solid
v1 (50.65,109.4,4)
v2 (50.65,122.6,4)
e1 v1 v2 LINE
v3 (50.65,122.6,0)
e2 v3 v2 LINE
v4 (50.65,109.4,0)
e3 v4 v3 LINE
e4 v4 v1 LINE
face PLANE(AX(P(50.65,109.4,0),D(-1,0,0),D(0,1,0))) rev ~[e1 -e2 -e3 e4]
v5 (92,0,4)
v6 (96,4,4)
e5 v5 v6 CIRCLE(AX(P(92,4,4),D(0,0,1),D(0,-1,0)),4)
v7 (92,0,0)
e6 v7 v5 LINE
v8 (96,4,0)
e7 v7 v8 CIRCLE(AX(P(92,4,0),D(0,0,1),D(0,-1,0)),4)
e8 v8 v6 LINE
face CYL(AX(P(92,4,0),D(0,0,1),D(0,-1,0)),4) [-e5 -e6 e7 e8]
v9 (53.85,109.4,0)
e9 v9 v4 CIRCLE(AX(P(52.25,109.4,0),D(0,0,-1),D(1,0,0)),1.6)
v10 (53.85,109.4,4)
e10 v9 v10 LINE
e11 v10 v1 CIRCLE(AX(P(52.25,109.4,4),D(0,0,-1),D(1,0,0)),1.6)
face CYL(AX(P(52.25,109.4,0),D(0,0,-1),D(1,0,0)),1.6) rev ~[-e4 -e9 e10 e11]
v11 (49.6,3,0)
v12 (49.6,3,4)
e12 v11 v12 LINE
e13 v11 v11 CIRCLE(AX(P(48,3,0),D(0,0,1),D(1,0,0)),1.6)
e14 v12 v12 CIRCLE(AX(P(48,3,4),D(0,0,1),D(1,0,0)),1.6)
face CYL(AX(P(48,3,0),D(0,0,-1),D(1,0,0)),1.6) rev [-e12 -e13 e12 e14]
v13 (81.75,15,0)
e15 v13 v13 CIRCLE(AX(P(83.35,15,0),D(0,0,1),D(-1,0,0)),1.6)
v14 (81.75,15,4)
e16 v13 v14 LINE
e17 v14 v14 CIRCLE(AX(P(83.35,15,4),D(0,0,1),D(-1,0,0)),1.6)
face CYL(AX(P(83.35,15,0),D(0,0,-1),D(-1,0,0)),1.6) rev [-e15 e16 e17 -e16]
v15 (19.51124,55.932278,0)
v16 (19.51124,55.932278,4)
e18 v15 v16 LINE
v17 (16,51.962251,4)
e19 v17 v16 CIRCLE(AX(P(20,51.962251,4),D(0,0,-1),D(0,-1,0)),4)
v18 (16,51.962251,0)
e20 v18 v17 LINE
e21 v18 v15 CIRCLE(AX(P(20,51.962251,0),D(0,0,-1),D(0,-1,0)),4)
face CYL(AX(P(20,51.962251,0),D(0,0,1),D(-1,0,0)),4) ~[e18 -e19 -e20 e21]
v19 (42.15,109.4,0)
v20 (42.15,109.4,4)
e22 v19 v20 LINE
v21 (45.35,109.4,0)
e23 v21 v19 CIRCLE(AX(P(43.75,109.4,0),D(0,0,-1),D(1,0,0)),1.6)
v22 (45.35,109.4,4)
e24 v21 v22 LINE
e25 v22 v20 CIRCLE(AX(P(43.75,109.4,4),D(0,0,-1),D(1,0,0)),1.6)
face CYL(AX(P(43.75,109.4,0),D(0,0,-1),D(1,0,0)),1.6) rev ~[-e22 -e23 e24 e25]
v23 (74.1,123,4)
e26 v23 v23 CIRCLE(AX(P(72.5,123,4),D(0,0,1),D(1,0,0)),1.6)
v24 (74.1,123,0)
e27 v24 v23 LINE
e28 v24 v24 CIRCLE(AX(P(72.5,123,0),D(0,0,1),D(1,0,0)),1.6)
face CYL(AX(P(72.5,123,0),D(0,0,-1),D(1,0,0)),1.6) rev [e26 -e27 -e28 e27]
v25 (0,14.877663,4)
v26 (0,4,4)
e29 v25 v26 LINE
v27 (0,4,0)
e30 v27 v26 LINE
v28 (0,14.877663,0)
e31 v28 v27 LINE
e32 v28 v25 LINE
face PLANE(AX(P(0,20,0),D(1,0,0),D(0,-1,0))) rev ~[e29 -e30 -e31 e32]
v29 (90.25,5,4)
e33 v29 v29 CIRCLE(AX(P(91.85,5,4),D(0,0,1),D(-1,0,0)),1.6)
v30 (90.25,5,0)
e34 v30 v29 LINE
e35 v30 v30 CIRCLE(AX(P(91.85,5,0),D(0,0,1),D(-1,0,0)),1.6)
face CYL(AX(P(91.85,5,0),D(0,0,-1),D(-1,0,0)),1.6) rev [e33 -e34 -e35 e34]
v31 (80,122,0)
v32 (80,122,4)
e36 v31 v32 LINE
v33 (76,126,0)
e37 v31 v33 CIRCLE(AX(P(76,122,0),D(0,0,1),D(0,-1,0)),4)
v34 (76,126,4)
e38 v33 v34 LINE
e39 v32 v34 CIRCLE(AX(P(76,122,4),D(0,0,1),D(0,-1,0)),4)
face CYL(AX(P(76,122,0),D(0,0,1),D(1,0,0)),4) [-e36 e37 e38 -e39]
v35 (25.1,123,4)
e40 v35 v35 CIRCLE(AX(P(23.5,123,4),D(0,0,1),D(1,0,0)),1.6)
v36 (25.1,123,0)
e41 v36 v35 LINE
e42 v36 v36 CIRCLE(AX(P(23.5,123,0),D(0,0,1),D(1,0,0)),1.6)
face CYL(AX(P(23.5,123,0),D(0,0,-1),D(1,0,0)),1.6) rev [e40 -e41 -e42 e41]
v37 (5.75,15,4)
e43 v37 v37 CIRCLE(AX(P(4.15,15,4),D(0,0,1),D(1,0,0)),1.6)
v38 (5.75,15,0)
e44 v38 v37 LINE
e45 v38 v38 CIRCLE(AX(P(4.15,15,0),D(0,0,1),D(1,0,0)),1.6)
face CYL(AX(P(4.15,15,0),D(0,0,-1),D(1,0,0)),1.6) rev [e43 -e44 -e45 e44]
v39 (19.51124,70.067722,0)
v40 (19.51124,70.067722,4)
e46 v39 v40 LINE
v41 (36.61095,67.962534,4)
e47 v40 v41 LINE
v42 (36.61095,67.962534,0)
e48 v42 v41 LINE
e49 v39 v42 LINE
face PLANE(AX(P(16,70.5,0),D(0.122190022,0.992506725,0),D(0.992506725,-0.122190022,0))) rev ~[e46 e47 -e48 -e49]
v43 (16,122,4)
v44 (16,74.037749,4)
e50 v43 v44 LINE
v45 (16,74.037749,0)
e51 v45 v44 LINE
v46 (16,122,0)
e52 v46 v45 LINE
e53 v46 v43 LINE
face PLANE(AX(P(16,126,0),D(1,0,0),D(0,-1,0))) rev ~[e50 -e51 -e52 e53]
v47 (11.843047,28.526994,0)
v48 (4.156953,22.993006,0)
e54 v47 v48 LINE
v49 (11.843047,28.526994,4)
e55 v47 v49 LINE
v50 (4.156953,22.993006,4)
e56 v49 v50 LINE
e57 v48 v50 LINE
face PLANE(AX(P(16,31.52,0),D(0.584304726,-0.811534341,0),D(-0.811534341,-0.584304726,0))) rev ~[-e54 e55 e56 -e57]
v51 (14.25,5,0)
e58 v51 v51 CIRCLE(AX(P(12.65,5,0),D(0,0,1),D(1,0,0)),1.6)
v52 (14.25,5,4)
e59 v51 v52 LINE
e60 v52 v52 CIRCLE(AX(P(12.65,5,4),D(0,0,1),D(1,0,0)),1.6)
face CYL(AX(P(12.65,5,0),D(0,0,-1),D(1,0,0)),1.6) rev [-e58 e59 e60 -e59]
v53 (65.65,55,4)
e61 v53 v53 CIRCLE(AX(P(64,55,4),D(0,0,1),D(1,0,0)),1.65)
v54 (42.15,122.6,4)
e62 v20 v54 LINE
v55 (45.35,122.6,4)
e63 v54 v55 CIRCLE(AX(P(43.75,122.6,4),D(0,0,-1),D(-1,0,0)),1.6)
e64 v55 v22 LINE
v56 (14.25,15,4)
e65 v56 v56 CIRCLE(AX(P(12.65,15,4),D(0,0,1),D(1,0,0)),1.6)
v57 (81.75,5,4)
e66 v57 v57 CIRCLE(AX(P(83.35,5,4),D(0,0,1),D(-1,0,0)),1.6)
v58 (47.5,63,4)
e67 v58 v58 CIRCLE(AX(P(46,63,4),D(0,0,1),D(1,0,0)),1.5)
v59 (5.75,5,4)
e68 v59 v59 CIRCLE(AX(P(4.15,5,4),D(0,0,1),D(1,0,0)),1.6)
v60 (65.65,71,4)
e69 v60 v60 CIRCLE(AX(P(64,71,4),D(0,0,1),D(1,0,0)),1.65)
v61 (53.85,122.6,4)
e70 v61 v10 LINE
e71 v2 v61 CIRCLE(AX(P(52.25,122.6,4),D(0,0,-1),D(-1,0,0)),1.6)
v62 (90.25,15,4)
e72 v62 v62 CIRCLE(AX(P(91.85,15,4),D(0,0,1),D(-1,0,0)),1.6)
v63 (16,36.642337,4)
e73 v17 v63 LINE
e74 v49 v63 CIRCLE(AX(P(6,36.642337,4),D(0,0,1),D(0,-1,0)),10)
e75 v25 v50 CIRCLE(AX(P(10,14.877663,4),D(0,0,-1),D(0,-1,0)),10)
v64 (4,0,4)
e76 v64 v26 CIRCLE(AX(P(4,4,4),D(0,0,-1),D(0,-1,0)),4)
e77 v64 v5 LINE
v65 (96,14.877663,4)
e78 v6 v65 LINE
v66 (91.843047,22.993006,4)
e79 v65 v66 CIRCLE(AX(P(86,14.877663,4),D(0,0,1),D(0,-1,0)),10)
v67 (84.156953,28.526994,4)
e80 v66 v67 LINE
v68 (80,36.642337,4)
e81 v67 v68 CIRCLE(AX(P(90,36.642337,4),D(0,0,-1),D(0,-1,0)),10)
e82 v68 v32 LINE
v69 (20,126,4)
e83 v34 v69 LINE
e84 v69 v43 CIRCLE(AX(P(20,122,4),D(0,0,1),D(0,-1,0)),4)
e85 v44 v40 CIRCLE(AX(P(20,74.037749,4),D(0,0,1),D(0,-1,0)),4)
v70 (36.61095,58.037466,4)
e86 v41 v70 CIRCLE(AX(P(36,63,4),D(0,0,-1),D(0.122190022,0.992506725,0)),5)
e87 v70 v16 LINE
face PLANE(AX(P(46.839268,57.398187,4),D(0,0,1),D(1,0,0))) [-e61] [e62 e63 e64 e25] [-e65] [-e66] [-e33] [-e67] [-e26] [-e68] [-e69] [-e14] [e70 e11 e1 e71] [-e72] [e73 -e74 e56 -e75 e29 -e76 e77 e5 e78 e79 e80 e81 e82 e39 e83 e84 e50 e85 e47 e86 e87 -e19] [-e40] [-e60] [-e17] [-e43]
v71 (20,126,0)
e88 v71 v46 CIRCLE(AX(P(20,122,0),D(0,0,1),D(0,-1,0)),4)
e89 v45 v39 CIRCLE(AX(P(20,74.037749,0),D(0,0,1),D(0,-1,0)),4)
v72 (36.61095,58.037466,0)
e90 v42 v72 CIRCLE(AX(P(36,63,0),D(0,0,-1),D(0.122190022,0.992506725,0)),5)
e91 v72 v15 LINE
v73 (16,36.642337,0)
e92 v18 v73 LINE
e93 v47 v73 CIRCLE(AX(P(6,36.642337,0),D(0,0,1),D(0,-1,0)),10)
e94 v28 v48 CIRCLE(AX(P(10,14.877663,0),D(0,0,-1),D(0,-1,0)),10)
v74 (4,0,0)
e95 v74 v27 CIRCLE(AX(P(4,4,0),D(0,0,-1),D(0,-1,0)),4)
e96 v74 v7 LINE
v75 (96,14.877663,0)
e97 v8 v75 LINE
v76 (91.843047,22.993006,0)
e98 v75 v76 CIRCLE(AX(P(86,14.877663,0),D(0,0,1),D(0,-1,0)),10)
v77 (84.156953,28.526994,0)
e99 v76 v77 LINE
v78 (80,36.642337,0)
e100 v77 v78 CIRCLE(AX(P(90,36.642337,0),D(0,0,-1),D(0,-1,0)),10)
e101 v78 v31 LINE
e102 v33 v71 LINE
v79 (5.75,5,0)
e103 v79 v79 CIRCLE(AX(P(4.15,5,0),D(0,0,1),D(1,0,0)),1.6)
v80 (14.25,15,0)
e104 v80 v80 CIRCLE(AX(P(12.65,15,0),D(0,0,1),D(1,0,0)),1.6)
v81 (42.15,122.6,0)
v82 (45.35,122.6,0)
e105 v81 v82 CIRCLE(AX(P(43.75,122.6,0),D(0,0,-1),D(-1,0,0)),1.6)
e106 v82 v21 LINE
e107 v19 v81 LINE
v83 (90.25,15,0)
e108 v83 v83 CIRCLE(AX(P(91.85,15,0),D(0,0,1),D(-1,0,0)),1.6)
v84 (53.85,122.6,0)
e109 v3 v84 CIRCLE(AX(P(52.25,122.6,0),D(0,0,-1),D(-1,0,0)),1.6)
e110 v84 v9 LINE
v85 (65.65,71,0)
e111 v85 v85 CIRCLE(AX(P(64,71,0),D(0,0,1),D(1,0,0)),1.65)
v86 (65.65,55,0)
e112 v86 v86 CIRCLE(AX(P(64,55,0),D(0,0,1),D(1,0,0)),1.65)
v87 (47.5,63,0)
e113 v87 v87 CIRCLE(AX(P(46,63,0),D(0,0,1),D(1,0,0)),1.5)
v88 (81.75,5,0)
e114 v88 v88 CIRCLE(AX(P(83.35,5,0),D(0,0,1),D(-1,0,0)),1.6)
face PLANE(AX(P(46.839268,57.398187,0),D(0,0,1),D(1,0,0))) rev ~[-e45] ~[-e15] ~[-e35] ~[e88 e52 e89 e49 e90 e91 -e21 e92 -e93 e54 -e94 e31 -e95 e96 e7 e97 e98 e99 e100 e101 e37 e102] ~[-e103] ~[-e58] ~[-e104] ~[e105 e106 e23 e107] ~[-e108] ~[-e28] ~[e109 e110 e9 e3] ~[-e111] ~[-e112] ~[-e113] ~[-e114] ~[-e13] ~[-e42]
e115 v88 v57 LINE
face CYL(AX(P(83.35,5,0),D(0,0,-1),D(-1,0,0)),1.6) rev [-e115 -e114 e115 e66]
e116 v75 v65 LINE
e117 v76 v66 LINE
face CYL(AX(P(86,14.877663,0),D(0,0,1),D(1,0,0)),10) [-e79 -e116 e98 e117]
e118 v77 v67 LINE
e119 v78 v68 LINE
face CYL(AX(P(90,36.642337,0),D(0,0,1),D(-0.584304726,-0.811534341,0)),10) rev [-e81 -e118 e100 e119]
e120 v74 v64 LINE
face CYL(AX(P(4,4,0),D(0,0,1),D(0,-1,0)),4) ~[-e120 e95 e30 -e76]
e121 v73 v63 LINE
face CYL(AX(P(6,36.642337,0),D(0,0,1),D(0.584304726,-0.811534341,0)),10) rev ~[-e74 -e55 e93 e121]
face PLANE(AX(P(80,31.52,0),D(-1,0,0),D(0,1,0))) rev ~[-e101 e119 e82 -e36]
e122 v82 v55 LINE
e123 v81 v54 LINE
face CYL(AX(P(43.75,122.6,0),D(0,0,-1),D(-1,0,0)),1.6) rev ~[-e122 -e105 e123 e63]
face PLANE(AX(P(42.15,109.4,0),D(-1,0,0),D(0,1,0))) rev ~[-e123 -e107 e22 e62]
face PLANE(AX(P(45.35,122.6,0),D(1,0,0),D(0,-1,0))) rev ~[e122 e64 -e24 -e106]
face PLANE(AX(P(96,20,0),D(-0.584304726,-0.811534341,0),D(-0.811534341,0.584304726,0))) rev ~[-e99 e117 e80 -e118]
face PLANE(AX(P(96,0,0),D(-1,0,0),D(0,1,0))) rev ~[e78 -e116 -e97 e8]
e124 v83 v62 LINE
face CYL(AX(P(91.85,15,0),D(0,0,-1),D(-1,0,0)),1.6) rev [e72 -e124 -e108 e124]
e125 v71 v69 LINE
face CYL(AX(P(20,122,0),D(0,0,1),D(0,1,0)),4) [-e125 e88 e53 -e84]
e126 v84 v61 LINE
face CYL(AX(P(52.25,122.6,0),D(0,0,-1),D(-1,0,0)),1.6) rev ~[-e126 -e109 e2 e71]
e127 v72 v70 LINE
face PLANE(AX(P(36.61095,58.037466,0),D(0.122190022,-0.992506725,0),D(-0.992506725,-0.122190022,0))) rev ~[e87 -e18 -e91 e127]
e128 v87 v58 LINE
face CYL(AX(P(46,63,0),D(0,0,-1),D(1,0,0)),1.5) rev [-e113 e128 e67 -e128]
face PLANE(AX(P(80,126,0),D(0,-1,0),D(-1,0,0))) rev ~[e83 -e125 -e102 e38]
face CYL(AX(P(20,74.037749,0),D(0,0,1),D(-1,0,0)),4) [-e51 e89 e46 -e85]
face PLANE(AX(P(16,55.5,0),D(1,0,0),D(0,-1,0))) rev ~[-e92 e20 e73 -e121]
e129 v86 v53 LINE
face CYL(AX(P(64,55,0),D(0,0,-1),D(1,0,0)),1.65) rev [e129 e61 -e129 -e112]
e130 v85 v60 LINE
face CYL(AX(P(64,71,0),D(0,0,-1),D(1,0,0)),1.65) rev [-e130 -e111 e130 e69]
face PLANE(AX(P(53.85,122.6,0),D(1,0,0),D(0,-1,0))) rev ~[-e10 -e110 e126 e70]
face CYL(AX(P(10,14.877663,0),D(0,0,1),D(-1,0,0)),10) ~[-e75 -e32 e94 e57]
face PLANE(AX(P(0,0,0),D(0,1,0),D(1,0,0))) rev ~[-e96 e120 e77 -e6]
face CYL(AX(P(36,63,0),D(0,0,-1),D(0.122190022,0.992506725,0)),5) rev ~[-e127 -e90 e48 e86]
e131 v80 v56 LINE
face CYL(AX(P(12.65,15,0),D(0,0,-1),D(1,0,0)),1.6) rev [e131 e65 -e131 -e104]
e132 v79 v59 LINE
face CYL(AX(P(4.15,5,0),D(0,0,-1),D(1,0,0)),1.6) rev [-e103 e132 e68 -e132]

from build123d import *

# Parameters (mm, degrees)
SKETCH1_R           = 1.6
SKETCH1_R_2         = 1.65
SKETCH1_R_3         = 1.5
BOSS_EXTRUDE1_DEPTH = 4
FILLET1_R           = 4
FILLET2_R           = 10


with BuildPart() as part:
    # Sketch1 → Boss-Extrude1 (new body)
    with BuildSketch(Plane.XY):
        with BuildLine():
            Line((0, 0), (96, 0))
            Line((96, 0), (96, 20))
            Line((96, 20), (80, 31.52))
            Line((80, 31.52), (80, 126))
            Line((80, 126), (16, 126))
            Line((16, 126), (16, 70.5))
            Line((16, 70.5), (36.610950109, 67.962533624))
            ThreePointArc((36.610950109, 67.962533624), (41, 63), (36.610950109, 58.037466376))
            Line((36.610950109, 58.037466376), (16, 55.5))
            Line((16, 55.5), (16, 31.52))
            Line((16, 31.52), (0, 20))
            Line((0, 20), (0, 0))
        make_face()
        with Locations((4.15, 5)):
            Circle(SKETCH1_R, mode=Mode.SUBTRACT)
        with Locations((12.65, 5)):
            Circle(SKETCH1_R, mode=Mode.SUBTRACT)
        with Locations((12.65, 15)):
            Circle(SKETCH1_R, mode=Mode.SUBTRACT)
        with Locations((4.15, 15)):
            Circle(SKETCH1_R, mode=Mode.SUBTRACT)
        with Locations(Location((91.85, 5, 0), (0, 0, 180))):
            Circle(SKETCH1_R, mode=Mode.SUBTRACT)
        with Locations(Location((83.35, 5, 0), (0, 0, 180))):
            Circle(SKETCH1_R, mode=Mode.SUBTRACT)
        with Locations(Location((83.35, 15, 0), (0, 0, 180))):
            Circle(SKETCH1_R, mode=Mode.SUBTRACT)
        with Locations(Location((91.85, 15, 0), (0, 0, 180))):
            Circle(SKETCH1_R, mode=Mode.SUBTRACT)
        with Locations((48, 3)):
            Circle(SKETCH1_R, mode=Mode.SUBTRACT)
        with Locations((23.5, 123)):
            Circle(SKETCH1_R, mode=Mode.SUBTRACT)
        with Locations((72.5, 123)):
            Circle(SKETCH1_R, mode=Mode.SUBTRACT)
        with Locations((64, 71)):
            Circle(SKETCH1_R_2, mode=Mode.SUBTRACT)
        with Locations((64, 55)):
            Circle(SKETCH1_R_2, mode=Mode.SUBTRACT)
        with Locations((46, 63)):
            Circle(SKETCH1_R_3, mode=Mode.SUBTRACT)
        with BuildLine():
            Line((45.35, 122.6), (45.35, 109.4))
            ThreePointArc((45.35, 109.4), (43.75, 107.8), (42.15, 109.4))
            Line((42.15, 109.4), (42.15, 122.6))
            ThreePointArc((42.15, 122.6), (43.75, 124.2), (45.35, 122.6))
        make_face(mode=Mode.SUBTRACT)
        with BuildLine():
            Line((50.65, 109.4), (50.65, 122.6))
            ThreePointArc((50.65, 122.6), (52.25, 124.2), (53.85, 122.6))
            Line((53.85, 122.6), (53.85, 109.4))
            ThreePointArc((53.85, 109.4), (52.25, 107.8), (50.65, 109.4))
        make_face(mode=Mode.SUBTRACT)
    extrude(amount=BOSS_EXTRUDE1_DEPTH)

    # Fillet1
    fillet1_edges = [part.edges().sort_by_distance(p)[0] for p in [
        (16, 55.5, 2),
        (16, 70.5, 2),
        (16, 126, 2),
        (80, 126, 2),
        (96, 0, 2),
        (0, 0, 2),
    ]]
    fillet(fillet1_edges, radius=FILLET1_R)

    # Fillet2
    fillet2_edges = [part.edges().sort_by_distance(p)[0] for p in [
        (0, 20, 2),
        (16, 31.52, 2),
        (80, 31.52, 2),
        (96, 20, 2),
    ]]
    fillet(fillet2_edges, radius=FILLET2_R)


solid = part.part
